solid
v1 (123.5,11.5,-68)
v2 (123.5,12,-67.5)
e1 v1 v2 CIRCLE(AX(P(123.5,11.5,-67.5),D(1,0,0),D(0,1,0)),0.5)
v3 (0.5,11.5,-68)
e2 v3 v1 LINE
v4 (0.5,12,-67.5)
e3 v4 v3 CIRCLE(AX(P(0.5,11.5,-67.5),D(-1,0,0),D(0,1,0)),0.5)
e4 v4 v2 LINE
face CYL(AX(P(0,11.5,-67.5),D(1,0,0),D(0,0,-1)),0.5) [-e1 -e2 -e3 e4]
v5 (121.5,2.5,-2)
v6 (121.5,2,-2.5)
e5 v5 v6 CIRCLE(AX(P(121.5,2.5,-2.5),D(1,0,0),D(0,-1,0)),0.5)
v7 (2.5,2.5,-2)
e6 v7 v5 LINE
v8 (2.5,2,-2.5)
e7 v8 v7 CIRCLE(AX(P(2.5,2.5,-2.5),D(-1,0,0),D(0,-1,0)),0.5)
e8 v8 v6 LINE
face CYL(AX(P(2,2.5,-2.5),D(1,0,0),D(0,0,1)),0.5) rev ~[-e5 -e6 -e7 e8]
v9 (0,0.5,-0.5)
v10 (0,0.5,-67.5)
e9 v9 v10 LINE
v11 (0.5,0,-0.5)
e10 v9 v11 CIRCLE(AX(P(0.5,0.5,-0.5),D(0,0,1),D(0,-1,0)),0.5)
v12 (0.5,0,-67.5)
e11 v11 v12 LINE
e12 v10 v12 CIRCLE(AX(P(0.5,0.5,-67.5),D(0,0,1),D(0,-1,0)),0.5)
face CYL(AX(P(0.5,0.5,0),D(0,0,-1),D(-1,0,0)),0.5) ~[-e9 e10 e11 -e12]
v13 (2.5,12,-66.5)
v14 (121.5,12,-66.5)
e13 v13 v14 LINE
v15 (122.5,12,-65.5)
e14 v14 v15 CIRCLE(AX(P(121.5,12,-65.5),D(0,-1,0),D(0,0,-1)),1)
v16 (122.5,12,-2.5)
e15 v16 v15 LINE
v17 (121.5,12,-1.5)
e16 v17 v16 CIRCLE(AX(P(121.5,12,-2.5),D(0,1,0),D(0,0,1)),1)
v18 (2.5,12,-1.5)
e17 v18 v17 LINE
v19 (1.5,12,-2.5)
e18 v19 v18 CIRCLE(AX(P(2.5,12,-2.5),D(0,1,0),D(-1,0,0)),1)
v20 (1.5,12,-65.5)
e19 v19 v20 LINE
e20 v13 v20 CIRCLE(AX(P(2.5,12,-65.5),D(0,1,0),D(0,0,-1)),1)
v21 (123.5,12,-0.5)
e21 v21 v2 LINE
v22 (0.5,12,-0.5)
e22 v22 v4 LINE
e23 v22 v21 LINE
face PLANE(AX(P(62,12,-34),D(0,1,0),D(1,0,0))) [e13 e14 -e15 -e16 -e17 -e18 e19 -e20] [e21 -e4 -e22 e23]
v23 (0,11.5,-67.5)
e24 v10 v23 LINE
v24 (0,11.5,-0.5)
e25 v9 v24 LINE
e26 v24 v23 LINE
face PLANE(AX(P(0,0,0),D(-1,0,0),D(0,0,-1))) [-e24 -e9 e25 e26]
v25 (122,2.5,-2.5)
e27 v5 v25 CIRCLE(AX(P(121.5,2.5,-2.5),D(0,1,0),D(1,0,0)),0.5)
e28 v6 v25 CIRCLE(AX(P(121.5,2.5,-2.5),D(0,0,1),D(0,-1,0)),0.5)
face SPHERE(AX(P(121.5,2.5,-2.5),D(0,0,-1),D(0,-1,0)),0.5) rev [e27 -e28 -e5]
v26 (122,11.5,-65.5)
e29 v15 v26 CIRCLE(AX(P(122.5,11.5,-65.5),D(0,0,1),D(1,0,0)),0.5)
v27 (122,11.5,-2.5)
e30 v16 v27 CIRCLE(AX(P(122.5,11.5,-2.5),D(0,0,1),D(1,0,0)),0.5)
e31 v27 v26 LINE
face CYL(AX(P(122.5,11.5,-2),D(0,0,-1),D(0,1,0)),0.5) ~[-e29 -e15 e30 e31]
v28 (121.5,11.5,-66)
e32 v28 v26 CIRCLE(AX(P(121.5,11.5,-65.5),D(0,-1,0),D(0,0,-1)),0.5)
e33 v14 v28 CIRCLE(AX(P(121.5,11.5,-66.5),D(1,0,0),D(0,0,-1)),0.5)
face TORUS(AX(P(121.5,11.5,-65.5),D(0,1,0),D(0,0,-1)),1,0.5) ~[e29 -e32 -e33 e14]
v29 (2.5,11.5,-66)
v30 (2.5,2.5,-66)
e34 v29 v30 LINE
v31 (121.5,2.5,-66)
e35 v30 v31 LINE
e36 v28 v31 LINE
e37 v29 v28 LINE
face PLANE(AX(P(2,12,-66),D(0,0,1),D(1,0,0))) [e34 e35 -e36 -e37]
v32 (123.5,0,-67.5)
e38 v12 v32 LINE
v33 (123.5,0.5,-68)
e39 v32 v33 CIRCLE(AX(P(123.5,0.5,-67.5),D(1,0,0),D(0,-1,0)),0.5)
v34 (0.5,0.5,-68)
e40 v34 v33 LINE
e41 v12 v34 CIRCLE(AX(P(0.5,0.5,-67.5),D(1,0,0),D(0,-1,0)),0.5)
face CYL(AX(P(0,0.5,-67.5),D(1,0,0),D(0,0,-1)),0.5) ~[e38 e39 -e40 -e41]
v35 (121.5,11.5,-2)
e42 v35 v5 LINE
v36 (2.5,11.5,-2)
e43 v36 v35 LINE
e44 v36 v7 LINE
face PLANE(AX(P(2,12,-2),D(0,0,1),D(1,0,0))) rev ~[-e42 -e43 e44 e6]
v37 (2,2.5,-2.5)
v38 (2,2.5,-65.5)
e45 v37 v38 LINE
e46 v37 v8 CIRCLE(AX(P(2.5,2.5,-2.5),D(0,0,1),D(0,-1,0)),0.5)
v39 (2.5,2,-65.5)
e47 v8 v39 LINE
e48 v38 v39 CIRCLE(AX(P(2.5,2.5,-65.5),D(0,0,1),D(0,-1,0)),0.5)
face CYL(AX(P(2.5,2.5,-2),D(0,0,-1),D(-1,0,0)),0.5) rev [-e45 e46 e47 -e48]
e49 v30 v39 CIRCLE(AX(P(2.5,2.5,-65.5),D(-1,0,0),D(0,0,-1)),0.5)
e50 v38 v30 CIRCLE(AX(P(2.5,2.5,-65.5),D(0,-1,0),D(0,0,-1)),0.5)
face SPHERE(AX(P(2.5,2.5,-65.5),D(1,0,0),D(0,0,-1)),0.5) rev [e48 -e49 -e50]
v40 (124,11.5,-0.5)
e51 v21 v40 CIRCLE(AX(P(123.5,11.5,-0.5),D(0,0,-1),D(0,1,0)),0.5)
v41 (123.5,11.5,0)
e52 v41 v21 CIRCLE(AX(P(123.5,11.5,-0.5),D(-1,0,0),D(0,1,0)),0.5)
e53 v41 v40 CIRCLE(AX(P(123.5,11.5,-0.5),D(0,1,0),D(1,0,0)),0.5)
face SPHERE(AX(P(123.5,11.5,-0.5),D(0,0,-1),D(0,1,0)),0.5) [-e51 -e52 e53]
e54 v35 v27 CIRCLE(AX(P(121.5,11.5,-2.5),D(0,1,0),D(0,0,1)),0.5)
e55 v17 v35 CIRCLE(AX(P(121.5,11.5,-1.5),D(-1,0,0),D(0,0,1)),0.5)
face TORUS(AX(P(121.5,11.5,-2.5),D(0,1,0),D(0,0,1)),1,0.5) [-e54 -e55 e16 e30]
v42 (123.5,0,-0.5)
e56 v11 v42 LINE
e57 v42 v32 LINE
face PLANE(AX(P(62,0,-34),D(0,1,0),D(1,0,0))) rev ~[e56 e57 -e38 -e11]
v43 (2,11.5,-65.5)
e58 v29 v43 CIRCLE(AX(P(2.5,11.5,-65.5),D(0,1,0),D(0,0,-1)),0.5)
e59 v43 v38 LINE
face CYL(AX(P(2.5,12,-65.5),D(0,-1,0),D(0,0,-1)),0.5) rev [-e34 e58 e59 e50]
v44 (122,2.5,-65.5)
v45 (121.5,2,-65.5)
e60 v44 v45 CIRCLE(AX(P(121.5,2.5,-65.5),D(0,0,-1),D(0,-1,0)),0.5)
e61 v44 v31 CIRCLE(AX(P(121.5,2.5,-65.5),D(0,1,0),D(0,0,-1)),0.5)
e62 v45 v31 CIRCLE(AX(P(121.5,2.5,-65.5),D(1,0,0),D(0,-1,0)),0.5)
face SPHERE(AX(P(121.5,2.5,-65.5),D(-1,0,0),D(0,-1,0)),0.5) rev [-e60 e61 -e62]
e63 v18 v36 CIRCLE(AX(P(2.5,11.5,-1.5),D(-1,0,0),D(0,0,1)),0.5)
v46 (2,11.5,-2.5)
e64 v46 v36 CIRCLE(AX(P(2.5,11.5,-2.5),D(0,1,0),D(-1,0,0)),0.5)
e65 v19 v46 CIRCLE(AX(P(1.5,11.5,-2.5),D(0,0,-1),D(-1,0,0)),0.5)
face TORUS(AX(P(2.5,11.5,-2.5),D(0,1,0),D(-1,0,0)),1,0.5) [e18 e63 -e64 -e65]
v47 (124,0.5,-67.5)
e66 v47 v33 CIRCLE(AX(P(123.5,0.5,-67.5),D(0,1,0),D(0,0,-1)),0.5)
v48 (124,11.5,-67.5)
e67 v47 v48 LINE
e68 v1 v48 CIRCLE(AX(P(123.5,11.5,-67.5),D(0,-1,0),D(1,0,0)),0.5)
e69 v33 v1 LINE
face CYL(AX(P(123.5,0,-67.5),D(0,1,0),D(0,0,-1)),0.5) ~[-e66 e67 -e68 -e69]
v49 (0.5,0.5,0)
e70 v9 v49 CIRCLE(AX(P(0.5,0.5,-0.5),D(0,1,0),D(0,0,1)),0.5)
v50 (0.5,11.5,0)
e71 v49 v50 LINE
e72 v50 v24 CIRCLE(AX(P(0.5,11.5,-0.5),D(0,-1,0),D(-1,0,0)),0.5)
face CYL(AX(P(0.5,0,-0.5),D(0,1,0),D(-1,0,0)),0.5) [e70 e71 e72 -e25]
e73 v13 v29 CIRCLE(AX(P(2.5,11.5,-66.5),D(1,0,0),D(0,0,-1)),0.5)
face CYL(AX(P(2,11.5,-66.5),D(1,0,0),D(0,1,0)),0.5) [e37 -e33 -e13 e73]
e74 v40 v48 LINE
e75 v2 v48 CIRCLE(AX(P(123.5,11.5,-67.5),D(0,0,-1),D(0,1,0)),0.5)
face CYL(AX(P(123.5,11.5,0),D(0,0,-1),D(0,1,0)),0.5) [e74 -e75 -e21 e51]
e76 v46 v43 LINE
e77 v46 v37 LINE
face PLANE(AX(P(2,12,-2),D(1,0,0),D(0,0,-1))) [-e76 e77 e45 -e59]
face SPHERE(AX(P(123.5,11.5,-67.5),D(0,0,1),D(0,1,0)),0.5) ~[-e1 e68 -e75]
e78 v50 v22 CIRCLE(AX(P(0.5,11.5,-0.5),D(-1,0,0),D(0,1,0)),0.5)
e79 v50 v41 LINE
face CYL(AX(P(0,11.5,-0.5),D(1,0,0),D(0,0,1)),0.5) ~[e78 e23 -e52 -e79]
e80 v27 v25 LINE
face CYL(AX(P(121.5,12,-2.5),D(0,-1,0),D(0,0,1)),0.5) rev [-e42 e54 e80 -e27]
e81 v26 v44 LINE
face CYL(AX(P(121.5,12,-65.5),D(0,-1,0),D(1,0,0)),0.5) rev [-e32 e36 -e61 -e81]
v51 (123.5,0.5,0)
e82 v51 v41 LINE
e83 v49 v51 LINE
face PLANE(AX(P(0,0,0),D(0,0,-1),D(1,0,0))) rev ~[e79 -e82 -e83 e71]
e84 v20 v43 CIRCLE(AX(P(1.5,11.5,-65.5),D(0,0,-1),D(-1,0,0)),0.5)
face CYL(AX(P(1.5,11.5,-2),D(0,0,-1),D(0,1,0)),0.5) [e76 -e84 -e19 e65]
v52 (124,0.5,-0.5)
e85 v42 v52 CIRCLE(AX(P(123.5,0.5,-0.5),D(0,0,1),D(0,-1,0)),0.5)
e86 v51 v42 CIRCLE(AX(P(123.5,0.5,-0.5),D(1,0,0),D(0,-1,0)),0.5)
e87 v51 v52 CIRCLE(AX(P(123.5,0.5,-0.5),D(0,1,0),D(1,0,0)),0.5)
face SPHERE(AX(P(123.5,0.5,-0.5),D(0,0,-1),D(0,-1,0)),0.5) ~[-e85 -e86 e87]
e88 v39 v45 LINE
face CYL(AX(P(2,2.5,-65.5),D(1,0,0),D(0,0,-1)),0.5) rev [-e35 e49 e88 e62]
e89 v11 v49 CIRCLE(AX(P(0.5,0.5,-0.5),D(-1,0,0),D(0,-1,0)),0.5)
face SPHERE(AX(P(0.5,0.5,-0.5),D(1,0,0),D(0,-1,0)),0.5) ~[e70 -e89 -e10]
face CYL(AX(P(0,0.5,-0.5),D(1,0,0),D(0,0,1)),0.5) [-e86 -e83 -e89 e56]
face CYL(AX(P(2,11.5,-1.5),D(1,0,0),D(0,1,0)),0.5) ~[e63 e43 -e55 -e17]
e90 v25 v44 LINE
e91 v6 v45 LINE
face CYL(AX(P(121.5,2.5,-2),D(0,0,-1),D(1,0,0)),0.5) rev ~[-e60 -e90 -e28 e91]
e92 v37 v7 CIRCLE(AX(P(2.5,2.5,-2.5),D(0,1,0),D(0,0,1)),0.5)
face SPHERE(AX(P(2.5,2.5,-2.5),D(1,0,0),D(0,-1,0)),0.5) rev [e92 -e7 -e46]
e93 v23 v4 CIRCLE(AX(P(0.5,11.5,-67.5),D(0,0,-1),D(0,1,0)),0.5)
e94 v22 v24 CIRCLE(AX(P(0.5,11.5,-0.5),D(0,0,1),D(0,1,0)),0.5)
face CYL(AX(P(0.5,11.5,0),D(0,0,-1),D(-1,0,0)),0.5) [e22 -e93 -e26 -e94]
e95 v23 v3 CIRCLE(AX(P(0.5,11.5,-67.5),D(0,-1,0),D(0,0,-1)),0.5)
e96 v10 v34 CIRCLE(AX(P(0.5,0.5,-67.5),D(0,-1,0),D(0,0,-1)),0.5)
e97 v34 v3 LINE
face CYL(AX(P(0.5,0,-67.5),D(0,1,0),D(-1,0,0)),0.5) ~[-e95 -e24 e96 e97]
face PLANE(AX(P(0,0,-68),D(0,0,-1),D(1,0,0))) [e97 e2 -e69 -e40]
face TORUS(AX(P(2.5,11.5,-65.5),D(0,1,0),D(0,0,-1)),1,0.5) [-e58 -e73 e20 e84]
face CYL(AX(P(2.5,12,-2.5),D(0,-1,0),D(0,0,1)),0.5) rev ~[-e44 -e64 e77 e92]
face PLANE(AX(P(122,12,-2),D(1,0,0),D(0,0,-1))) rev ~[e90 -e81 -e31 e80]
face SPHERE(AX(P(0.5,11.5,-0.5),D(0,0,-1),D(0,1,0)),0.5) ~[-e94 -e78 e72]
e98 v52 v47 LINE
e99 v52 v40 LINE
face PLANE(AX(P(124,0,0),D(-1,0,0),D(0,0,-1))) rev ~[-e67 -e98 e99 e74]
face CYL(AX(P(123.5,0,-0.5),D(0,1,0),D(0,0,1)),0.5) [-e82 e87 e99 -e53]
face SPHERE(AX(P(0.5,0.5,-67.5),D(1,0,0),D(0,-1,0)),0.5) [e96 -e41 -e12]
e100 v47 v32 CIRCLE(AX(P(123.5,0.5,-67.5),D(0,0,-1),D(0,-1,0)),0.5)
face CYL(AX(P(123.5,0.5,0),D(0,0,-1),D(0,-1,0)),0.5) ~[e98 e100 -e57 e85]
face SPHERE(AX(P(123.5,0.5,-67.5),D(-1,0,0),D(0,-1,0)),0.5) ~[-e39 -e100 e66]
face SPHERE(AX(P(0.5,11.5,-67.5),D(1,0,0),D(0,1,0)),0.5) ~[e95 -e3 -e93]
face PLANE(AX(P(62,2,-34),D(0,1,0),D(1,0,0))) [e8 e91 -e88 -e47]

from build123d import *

# Parameters (mm, degrees)
SKETCH1_W           = 124
SKETCH1_H           = 68
BOSS_EXTRUDE1_DEPTH = 12
SKETCH2_W           = 120
SKETCH2_H           = 64
CUT_EXTRUDE1_DEPTH  = 10
FILLET1_R           = 0.5


with BuildPart() as part:
    # Sketch1 → Boss-Extrude1 (new body)
    with BuildSketch(Plane(origin=(0, 0, 0), x_dir=(1, 0, 0), z_dir=(0, 1, 0))):
        with Locations((62, 34)):
            Rectangle(SKETCH1_W, SKETCH1_H)
    extrude(amount=BOSS_EXTRUDE1_DEPTH)

    # Sketch2 → Cut-Extrude1 (cut)
    with BuildSketch(Plane(origin=(0, 12, 0), x_dir=(1, 0, 0), z_dir=(0, 1, 0))):
        with Locations((62, 34)):
            Rectangle(SKETCH2_W, SKETCH2_H)
    extrude(amount=-CUT_EXTRUDE1_DEPTH, mode=Mode.SUBTRACT)

    # Fillet1
    fillet1_edges = [part.edges().sort_by_distance(p)[0] for p in [
        (124, 12, -34),
        (62, 12, -68),
        (62, 2, -66),
        (2, 7, -66),
        (122, 2, -34),
        (122, 7, -66),
        (62, 2, -2),
        (122, 7, -2),
        (2, 2, -34),
        (2, 7, -2),
        (62, 12, -66),
        (2, 12, -34),
        (62, 12, -2),
        (122, 12, -34),
        (0, 12, -34),
        (62, 0, -68),
        (124, 0, -34),
        (62, 0, 0),
        (0, 0, -34),
        (62, 12, 0),
        (0, 6, -68),
        (124, 6, -68),
        (124, 6, 0),
        (0, 6, 0),
    ]]
    fillet(fillet1_edges, radius=FILLET1_R)


solid = part.part
